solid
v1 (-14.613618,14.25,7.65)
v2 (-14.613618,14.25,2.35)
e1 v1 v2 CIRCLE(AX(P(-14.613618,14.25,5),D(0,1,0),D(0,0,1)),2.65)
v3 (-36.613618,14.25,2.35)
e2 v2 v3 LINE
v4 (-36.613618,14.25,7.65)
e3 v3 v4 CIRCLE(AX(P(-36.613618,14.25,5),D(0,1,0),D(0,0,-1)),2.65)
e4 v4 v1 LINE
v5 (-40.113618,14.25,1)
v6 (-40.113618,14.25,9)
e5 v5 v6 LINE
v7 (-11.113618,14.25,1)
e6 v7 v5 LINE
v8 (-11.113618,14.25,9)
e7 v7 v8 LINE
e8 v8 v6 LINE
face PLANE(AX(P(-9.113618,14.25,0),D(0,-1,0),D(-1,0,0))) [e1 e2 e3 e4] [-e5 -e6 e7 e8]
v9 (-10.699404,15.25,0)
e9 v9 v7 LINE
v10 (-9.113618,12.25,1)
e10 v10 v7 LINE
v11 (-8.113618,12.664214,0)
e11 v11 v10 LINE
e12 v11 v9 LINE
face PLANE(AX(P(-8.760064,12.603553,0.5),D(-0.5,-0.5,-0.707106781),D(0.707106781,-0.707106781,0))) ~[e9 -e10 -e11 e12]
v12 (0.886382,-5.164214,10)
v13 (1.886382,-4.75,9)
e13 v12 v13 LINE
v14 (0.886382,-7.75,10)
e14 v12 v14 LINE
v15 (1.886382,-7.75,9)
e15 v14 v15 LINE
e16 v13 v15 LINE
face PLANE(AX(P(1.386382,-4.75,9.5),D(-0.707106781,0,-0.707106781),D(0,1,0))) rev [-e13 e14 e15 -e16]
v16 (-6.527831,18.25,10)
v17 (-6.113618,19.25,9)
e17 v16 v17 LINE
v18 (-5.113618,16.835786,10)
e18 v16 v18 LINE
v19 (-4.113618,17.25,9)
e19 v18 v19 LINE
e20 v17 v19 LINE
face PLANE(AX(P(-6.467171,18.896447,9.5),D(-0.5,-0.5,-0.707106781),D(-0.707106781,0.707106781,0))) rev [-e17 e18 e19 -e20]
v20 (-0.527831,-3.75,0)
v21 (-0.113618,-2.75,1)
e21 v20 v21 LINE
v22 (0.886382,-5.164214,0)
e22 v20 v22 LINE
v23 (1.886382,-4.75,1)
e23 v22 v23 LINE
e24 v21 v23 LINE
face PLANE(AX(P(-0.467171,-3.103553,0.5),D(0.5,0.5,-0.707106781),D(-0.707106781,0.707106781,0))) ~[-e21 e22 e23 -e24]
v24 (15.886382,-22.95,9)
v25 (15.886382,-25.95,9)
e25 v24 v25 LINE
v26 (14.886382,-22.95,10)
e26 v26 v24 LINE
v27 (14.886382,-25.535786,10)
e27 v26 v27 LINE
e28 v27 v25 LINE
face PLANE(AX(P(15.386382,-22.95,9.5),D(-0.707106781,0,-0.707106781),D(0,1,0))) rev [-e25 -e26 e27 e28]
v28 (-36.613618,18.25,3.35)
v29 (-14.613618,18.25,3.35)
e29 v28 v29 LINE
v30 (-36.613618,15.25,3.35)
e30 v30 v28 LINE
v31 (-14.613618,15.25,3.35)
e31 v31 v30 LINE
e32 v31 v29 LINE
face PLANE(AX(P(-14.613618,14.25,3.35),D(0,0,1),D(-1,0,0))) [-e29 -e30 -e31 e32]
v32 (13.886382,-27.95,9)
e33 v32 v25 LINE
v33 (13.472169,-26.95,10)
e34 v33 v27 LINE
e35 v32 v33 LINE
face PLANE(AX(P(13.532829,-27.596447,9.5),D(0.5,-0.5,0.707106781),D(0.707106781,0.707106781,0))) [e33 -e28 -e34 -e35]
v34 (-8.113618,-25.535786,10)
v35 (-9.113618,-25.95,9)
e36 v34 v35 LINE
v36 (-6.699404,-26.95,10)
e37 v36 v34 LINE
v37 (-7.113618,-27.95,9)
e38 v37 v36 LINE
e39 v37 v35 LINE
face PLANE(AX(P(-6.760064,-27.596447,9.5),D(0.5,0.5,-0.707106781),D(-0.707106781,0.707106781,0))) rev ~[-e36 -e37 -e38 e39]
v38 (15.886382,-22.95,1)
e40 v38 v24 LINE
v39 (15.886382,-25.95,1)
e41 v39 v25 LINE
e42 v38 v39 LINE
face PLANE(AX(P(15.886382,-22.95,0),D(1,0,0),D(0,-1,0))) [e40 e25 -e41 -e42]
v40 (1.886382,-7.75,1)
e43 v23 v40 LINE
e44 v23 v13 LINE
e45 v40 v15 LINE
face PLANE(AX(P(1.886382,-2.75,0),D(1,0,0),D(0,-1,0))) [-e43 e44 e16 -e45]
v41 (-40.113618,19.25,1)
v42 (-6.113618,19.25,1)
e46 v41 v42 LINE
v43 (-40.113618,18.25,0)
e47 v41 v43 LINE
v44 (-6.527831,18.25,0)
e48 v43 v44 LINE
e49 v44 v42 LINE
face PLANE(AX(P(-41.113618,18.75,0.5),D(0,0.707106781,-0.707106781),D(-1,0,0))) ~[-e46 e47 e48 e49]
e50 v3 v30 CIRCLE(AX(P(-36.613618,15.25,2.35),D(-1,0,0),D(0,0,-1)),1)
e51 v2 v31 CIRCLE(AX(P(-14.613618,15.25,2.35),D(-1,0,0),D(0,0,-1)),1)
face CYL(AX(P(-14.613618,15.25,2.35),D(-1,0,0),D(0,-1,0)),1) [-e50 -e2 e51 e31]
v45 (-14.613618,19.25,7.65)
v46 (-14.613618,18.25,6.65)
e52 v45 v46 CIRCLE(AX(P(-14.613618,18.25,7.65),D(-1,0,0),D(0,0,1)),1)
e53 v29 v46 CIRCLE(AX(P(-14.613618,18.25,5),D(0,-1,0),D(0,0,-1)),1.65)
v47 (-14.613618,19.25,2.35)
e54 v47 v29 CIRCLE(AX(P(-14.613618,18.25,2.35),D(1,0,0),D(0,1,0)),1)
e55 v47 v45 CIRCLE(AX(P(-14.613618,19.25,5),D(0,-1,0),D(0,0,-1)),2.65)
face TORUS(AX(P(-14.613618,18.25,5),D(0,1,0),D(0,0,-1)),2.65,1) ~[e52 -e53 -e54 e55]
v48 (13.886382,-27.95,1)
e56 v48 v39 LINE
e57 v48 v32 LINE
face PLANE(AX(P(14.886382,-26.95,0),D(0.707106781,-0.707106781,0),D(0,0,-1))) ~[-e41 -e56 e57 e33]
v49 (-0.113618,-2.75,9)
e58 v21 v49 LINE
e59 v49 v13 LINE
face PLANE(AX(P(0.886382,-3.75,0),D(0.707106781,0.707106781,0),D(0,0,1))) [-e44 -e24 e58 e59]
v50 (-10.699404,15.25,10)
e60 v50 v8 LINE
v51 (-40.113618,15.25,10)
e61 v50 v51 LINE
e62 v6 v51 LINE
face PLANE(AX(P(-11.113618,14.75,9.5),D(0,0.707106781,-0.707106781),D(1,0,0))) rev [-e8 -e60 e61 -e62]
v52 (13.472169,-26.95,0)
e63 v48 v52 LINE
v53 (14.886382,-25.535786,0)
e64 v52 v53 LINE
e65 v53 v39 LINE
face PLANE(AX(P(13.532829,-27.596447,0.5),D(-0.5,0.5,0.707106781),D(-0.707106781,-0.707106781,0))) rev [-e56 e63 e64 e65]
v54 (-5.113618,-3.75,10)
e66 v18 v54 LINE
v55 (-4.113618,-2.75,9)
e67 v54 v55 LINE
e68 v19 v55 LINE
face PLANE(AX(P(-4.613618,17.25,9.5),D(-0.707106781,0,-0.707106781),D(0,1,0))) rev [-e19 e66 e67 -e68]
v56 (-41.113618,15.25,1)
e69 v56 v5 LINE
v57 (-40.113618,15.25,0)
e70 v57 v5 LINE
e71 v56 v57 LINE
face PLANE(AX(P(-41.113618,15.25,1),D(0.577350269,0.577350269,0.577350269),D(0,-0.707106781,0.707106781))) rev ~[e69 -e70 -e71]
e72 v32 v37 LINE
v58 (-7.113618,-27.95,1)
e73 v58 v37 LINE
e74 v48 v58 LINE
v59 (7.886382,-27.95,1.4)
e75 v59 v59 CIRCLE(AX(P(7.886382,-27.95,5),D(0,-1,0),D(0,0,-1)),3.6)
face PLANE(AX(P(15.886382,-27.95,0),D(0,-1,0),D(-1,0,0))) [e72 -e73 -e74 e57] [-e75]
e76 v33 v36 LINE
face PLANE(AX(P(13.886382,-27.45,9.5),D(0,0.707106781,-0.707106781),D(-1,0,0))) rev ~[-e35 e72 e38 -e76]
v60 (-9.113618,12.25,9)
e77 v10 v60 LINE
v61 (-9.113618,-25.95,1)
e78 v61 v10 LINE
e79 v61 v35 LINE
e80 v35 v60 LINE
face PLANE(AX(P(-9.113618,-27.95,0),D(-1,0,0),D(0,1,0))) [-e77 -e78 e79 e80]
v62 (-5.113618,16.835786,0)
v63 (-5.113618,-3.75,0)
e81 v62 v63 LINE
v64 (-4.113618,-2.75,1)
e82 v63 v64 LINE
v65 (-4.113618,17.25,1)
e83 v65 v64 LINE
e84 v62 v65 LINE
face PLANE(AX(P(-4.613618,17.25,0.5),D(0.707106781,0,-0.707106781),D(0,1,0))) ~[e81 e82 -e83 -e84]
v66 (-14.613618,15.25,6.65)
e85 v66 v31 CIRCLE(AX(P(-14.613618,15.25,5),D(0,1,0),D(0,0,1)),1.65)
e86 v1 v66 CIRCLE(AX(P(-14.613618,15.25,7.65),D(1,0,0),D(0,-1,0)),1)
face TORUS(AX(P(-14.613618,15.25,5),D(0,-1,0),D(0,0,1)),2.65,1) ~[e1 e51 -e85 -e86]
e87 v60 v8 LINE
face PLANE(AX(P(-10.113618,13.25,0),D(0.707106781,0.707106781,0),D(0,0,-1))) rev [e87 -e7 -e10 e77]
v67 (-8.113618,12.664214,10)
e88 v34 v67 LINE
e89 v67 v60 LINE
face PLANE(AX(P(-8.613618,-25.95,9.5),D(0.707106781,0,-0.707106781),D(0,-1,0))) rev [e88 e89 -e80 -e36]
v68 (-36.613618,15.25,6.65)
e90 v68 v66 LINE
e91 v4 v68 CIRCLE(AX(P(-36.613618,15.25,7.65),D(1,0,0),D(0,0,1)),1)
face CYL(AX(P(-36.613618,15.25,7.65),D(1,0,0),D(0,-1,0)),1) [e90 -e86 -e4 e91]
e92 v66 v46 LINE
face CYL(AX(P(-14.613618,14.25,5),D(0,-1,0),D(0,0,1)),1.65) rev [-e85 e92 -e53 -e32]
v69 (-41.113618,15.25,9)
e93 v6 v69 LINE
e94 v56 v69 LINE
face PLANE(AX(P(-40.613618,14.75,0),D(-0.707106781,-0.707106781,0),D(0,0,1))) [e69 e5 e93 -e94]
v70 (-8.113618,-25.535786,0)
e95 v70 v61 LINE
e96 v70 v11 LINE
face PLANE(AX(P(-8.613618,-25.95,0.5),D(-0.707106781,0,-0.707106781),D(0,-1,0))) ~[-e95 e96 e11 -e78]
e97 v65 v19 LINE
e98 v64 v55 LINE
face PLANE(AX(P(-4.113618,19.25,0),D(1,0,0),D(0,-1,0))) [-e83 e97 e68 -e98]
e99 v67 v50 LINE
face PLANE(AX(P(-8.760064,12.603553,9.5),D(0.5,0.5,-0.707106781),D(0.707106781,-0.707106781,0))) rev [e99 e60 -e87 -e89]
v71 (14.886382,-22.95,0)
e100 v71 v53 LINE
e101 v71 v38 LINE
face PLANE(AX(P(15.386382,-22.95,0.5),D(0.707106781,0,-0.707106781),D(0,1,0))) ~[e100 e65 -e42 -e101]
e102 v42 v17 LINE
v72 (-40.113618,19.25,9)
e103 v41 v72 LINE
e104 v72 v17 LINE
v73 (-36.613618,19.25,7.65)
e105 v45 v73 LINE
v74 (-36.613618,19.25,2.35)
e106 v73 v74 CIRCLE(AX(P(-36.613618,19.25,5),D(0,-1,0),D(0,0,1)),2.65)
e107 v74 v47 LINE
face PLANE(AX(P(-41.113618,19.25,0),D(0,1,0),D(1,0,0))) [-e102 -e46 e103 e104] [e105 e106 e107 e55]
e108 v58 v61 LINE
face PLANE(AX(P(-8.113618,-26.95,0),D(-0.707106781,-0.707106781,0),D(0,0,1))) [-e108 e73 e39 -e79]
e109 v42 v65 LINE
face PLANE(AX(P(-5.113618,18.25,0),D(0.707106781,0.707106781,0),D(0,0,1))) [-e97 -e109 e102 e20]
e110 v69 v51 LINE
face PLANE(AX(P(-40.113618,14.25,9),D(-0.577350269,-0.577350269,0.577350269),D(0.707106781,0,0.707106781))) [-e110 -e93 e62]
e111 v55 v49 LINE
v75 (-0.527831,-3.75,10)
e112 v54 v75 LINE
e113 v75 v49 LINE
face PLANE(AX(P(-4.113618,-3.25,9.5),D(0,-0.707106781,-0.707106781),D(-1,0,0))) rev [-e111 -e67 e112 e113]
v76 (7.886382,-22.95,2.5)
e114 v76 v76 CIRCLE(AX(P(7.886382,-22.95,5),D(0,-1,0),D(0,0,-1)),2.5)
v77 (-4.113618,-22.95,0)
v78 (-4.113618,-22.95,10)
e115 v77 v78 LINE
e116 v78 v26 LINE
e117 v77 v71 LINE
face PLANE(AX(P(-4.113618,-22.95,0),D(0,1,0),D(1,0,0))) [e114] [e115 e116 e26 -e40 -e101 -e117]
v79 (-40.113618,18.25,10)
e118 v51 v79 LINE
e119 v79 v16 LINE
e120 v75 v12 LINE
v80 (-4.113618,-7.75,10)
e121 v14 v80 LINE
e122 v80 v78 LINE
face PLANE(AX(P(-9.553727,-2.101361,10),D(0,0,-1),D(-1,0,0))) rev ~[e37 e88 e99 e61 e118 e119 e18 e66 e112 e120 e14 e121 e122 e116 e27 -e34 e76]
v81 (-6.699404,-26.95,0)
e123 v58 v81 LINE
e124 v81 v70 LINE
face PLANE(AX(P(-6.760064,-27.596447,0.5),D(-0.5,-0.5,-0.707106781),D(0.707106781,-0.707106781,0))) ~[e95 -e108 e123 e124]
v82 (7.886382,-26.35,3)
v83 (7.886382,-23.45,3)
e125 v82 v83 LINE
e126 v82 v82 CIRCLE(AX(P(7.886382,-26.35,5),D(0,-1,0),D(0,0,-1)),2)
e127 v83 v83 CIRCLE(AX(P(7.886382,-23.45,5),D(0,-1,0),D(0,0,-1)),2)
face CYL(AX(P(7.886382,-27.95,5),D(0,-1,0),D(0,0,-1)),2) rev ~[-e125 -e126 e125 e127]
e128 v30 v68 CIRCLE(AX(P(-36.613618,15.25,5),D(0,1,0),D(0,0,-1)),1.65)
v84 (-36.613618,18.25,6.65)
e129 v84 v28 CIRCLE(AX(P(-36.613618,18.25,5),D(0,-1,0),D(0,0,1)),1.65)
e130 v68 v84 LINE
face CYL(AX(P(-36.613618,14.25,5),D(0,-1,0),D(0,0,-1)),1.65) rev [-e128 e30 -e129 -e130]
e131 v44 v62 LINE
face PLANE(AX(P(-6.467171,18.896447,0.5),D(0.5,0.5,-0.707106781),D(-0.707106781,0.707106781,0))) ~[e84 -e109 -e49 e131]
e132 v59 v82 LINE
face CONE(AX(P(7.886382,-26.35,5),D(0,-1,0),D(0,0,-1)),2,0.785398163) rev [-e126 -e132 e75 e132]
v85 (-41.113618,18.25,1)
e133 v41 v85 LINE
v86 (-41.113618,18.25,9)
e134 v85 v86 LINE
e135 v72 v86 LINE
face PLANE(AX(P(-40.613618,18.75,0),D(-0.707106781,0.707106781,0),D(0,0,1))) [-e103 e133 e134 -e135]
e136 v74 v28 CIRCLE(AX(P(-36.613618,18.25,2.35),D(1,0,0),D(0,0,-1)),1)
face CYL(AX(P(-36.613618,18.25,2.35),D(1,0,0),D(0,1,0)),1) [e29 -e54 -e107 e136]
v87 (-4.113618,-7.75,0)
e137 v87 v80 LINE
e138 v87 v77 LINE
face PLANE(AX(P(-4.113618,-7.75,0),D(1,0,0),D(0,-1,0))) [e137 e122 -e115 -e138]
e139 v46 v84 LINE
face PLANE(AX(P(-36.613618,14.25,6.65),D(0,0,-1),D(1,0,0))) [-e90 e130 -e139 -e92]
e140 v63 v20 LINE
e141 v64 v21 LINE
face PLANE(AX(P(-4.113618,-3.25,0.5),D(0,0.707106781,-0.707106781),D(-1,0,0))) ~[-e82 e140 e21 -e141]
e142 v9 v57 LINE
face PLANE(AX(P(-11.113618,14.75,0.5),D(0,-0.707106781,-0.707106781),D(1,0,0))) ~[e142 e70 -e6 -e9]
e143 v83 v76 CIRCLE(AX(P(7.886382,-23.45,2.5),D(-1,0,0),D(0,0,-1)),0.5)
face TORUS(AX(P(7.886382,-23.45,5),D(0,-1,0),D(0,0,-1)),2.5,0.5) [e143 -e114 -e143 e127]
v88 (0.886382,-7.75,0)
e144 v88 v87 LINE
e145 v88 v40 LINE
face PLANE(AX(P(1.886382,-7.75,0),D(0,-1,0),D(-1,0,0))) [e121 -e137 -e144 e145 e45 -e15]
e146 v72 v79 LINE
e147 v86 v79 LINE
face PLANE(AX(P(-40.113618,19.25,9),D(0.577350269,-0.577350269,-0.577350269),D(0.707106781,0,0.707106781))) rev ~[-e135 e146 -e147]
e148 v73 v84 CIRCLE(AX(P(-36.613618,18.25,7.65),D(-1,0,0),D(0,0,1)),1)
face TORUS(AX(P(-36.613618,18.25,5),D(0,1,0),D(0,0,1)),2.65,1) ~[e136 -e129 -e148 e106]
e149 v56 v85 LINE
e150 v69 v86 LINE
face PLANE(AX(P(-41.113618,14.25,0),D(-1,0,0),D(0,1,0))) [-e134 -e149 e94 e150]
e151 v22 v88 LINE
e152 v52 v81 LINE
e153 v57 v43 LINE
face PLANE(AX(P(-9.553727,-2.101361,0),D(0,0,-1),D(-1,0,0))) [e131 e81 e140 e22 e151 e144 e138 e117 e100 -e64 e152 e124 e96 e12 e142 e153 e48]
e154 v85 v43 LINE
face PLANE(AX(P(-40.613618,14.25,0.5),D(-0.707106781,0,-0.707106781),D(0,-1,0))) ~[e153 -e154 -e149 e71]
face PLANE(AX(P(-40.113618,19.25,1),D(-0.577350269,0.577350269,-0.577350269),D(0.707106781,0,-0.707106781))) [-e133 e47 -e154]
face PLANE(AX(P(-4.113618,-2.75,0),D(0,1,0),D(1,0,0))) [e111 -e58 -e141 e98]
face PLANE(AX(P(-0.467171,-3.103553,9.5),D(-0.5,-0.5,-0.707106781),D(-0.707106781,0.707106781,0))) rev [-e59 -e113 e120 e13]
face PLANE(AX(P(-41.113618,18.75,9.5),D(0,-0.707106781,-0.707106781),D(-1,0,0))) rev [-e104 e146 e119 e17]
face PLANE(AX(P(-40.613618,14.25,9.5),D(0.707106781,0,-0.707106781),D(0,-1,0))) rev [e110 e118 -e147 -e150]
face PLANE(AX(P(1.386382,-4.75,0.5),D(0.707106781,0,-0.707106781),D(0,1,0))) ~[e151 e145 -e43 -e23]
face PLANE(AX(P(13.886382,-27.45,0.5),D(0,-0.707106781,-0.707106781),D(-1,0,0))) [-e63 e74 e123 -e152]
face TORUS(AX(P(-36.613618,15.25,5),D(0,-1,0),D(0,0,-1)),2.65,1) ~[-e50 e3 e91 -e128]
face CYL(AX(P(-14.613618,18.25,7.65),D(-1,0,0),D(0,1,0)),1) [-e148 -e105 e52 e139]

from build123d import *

# Parameters (mm, degrees)
RESSALTO_EXTRUS_O1_DEPTH = 10
ESBO_O3_R                = 2
CORTE_EXTRUS_O1_DEPTH    = 15
CHANFRO1_SIZE            = 1.6
FILETE1_R                = 0.5
CHANFRO5_SIZE            = 2
CHANFRO8_SIZE            = 1
CORTE_EXTRUS_O3_DEPTH    = 10
FILETE3_R                = 1


with BuildPart() as part:
    # Esboço1 → Ressalto-extrusão1 (new body)
    with BuildSketch(Plane.XY):
        Polygon((1.886382163, -7.75), (-4.113617837, -7.75), (-4.113617837, -22.95), (15.886382163, -22.95), (15.886382163, -27.95), (-9.113617837, -27.95), (-9.113617837, 14.25), (-41.113617837, 14.25), (-41.113617837, 19.25), (-4.113617837, 19.25), (-4.113617837, -2.75), (1.886382163, -2.75), align=None)
    extrude(amount=RESSALTO_EXTRUS_O1_DEPTH)

    # Esboço3 → Corte-extrusão1 (cut)
    with BuildSketch(Plane.XZ.offset(27.95)):
        with Locations(Location((7.886382163, 5, 0), (0, 0, 270))):
            Circle(ESBO_O3_R)
    extrude(amount=-CORTE_EXTRUS_O1_DEPTH, mode=Mode.SUBTRACT)

    # Chanfro1
    chanfro1_edges = [part.edges().sort_by_distance(p)[0] for p in [
        (7.886382163, -27.95, 7),
    ]]
    chamfer(chanfro1_edges, length=CHANFRO1_SIZE)

    # Filete1
    filete1_edges = [part.edges().sort_by_distance(p)[0] for p in [
        (7.886382163, -22.95, 7),
    ]]
    fillet(filete1_edges, radius=FILETE1_R)

    # Chanfro5
    chanfro5_edges = [part.edges().sort_by_distance(p)[0] for p in [
        (15.886382163, -27.95, 5),
        (-9.113617837, -27.95, 5),
        (-9.113617837, 14.25, 5),
        (-4.113617837, 19.25, 5),
        (1.886382163, -2.75, 5),
    ]]
    chamfer(chanfro5_edges, length=CHANFRO5_SIZE)

    # Chanfro8
    chanfro8_edges = [part.edges().sort_by_distance(p)[0] for p in [
        (-4.113617837, 7.25, 10),
        (-26.113617837, 14.25, 0),
        (-41.113617837, 16.75, 0),
        (-4.113617837, 7.25, 0),
        (1.886382163, -6.25, 0),
        (-41.113617837, 16.75, 10),
        (-41.113617837, 14.25, 5),
        (-41.113617837, 19.25, 5),
        (-26.113617837, 14.25, 10),
        (-9.113617837, -6.85, 0),
        (1.886382163, -6.25, 10),
        (-9.113617837, -6.85, 10),
        (-23.613617837, 19.25, 0),
        (-23.613617837, 19.25, 10),
        (15.886382163, -24.45, 0),
        (3.386382163, -27.95, 0),
        (-2.113617837, -2.75, 0),
        (0.886382163, -3.75, 0),
        (14.886382163, -26.95, 0),
        (-8.113617837, -26.95, 0),
        (-5.113617837, 18.25, 0),
        (-2.113617837, -2.75, 10),
        (3.386382163, -27.95, 10),
        (15.886382163, -24.45, 10),
        (0.886382163, -3.75, 10),
        (14.886382163, -26.95, 10),
        (-8.113617837, -26.95, 10),
        (-5.113617837, 18.25, 10),
        (-10.113617837, 13.25, 0),
        (-10.113617837, 13.25, 10),
    ]]
    chamfer(chanfro8_edges, length=CHANFRO8_SIZE)

    # Esboço4 → Corte-extrusão3 (cut)
    with BuildSketch(Plane.XZ.offset(-14.25)):
        with BuildLine():
            Line((-36.613617837, 6.65), (-14.613617837, 6.65))
            ThreePointArc((-14.613617837, 6.65), (-12.963617837, 5), (-14.613617837, 3.35))
            Line((-14.613617837, 3.35), (-36.613617837, 3.35))
            ThreePointArc((-36.613617837, 3.35), (-38.263617837, 5), (-36.613617837, 6.65))
        make_face()
    extrude(amount=-CORTE_EXTRUS_O3_DEPTH, mode=Mode.SUBTRACT)

    # Filete3
    filete3_edges = [part.edges().sort_by_distance(p)[0] for p in [
        (-38.263617837, 19.25, 5),
        (-25.613617837, 19.25, 6.65),
        (-12.963617837, 19.25, 5),
        (-25.613617837, 19.25, 3.35),
        (-38.263617837, 14.25, 5),
        (-25.613617837, 14.25, 3.35),
        (-12.963617837, 14.25, 5),
        (-25.613617837, 14.25, 6.65),
    ]]
    fillet(filete3_edges, radius=FILETE3_R)


solid = part.part
